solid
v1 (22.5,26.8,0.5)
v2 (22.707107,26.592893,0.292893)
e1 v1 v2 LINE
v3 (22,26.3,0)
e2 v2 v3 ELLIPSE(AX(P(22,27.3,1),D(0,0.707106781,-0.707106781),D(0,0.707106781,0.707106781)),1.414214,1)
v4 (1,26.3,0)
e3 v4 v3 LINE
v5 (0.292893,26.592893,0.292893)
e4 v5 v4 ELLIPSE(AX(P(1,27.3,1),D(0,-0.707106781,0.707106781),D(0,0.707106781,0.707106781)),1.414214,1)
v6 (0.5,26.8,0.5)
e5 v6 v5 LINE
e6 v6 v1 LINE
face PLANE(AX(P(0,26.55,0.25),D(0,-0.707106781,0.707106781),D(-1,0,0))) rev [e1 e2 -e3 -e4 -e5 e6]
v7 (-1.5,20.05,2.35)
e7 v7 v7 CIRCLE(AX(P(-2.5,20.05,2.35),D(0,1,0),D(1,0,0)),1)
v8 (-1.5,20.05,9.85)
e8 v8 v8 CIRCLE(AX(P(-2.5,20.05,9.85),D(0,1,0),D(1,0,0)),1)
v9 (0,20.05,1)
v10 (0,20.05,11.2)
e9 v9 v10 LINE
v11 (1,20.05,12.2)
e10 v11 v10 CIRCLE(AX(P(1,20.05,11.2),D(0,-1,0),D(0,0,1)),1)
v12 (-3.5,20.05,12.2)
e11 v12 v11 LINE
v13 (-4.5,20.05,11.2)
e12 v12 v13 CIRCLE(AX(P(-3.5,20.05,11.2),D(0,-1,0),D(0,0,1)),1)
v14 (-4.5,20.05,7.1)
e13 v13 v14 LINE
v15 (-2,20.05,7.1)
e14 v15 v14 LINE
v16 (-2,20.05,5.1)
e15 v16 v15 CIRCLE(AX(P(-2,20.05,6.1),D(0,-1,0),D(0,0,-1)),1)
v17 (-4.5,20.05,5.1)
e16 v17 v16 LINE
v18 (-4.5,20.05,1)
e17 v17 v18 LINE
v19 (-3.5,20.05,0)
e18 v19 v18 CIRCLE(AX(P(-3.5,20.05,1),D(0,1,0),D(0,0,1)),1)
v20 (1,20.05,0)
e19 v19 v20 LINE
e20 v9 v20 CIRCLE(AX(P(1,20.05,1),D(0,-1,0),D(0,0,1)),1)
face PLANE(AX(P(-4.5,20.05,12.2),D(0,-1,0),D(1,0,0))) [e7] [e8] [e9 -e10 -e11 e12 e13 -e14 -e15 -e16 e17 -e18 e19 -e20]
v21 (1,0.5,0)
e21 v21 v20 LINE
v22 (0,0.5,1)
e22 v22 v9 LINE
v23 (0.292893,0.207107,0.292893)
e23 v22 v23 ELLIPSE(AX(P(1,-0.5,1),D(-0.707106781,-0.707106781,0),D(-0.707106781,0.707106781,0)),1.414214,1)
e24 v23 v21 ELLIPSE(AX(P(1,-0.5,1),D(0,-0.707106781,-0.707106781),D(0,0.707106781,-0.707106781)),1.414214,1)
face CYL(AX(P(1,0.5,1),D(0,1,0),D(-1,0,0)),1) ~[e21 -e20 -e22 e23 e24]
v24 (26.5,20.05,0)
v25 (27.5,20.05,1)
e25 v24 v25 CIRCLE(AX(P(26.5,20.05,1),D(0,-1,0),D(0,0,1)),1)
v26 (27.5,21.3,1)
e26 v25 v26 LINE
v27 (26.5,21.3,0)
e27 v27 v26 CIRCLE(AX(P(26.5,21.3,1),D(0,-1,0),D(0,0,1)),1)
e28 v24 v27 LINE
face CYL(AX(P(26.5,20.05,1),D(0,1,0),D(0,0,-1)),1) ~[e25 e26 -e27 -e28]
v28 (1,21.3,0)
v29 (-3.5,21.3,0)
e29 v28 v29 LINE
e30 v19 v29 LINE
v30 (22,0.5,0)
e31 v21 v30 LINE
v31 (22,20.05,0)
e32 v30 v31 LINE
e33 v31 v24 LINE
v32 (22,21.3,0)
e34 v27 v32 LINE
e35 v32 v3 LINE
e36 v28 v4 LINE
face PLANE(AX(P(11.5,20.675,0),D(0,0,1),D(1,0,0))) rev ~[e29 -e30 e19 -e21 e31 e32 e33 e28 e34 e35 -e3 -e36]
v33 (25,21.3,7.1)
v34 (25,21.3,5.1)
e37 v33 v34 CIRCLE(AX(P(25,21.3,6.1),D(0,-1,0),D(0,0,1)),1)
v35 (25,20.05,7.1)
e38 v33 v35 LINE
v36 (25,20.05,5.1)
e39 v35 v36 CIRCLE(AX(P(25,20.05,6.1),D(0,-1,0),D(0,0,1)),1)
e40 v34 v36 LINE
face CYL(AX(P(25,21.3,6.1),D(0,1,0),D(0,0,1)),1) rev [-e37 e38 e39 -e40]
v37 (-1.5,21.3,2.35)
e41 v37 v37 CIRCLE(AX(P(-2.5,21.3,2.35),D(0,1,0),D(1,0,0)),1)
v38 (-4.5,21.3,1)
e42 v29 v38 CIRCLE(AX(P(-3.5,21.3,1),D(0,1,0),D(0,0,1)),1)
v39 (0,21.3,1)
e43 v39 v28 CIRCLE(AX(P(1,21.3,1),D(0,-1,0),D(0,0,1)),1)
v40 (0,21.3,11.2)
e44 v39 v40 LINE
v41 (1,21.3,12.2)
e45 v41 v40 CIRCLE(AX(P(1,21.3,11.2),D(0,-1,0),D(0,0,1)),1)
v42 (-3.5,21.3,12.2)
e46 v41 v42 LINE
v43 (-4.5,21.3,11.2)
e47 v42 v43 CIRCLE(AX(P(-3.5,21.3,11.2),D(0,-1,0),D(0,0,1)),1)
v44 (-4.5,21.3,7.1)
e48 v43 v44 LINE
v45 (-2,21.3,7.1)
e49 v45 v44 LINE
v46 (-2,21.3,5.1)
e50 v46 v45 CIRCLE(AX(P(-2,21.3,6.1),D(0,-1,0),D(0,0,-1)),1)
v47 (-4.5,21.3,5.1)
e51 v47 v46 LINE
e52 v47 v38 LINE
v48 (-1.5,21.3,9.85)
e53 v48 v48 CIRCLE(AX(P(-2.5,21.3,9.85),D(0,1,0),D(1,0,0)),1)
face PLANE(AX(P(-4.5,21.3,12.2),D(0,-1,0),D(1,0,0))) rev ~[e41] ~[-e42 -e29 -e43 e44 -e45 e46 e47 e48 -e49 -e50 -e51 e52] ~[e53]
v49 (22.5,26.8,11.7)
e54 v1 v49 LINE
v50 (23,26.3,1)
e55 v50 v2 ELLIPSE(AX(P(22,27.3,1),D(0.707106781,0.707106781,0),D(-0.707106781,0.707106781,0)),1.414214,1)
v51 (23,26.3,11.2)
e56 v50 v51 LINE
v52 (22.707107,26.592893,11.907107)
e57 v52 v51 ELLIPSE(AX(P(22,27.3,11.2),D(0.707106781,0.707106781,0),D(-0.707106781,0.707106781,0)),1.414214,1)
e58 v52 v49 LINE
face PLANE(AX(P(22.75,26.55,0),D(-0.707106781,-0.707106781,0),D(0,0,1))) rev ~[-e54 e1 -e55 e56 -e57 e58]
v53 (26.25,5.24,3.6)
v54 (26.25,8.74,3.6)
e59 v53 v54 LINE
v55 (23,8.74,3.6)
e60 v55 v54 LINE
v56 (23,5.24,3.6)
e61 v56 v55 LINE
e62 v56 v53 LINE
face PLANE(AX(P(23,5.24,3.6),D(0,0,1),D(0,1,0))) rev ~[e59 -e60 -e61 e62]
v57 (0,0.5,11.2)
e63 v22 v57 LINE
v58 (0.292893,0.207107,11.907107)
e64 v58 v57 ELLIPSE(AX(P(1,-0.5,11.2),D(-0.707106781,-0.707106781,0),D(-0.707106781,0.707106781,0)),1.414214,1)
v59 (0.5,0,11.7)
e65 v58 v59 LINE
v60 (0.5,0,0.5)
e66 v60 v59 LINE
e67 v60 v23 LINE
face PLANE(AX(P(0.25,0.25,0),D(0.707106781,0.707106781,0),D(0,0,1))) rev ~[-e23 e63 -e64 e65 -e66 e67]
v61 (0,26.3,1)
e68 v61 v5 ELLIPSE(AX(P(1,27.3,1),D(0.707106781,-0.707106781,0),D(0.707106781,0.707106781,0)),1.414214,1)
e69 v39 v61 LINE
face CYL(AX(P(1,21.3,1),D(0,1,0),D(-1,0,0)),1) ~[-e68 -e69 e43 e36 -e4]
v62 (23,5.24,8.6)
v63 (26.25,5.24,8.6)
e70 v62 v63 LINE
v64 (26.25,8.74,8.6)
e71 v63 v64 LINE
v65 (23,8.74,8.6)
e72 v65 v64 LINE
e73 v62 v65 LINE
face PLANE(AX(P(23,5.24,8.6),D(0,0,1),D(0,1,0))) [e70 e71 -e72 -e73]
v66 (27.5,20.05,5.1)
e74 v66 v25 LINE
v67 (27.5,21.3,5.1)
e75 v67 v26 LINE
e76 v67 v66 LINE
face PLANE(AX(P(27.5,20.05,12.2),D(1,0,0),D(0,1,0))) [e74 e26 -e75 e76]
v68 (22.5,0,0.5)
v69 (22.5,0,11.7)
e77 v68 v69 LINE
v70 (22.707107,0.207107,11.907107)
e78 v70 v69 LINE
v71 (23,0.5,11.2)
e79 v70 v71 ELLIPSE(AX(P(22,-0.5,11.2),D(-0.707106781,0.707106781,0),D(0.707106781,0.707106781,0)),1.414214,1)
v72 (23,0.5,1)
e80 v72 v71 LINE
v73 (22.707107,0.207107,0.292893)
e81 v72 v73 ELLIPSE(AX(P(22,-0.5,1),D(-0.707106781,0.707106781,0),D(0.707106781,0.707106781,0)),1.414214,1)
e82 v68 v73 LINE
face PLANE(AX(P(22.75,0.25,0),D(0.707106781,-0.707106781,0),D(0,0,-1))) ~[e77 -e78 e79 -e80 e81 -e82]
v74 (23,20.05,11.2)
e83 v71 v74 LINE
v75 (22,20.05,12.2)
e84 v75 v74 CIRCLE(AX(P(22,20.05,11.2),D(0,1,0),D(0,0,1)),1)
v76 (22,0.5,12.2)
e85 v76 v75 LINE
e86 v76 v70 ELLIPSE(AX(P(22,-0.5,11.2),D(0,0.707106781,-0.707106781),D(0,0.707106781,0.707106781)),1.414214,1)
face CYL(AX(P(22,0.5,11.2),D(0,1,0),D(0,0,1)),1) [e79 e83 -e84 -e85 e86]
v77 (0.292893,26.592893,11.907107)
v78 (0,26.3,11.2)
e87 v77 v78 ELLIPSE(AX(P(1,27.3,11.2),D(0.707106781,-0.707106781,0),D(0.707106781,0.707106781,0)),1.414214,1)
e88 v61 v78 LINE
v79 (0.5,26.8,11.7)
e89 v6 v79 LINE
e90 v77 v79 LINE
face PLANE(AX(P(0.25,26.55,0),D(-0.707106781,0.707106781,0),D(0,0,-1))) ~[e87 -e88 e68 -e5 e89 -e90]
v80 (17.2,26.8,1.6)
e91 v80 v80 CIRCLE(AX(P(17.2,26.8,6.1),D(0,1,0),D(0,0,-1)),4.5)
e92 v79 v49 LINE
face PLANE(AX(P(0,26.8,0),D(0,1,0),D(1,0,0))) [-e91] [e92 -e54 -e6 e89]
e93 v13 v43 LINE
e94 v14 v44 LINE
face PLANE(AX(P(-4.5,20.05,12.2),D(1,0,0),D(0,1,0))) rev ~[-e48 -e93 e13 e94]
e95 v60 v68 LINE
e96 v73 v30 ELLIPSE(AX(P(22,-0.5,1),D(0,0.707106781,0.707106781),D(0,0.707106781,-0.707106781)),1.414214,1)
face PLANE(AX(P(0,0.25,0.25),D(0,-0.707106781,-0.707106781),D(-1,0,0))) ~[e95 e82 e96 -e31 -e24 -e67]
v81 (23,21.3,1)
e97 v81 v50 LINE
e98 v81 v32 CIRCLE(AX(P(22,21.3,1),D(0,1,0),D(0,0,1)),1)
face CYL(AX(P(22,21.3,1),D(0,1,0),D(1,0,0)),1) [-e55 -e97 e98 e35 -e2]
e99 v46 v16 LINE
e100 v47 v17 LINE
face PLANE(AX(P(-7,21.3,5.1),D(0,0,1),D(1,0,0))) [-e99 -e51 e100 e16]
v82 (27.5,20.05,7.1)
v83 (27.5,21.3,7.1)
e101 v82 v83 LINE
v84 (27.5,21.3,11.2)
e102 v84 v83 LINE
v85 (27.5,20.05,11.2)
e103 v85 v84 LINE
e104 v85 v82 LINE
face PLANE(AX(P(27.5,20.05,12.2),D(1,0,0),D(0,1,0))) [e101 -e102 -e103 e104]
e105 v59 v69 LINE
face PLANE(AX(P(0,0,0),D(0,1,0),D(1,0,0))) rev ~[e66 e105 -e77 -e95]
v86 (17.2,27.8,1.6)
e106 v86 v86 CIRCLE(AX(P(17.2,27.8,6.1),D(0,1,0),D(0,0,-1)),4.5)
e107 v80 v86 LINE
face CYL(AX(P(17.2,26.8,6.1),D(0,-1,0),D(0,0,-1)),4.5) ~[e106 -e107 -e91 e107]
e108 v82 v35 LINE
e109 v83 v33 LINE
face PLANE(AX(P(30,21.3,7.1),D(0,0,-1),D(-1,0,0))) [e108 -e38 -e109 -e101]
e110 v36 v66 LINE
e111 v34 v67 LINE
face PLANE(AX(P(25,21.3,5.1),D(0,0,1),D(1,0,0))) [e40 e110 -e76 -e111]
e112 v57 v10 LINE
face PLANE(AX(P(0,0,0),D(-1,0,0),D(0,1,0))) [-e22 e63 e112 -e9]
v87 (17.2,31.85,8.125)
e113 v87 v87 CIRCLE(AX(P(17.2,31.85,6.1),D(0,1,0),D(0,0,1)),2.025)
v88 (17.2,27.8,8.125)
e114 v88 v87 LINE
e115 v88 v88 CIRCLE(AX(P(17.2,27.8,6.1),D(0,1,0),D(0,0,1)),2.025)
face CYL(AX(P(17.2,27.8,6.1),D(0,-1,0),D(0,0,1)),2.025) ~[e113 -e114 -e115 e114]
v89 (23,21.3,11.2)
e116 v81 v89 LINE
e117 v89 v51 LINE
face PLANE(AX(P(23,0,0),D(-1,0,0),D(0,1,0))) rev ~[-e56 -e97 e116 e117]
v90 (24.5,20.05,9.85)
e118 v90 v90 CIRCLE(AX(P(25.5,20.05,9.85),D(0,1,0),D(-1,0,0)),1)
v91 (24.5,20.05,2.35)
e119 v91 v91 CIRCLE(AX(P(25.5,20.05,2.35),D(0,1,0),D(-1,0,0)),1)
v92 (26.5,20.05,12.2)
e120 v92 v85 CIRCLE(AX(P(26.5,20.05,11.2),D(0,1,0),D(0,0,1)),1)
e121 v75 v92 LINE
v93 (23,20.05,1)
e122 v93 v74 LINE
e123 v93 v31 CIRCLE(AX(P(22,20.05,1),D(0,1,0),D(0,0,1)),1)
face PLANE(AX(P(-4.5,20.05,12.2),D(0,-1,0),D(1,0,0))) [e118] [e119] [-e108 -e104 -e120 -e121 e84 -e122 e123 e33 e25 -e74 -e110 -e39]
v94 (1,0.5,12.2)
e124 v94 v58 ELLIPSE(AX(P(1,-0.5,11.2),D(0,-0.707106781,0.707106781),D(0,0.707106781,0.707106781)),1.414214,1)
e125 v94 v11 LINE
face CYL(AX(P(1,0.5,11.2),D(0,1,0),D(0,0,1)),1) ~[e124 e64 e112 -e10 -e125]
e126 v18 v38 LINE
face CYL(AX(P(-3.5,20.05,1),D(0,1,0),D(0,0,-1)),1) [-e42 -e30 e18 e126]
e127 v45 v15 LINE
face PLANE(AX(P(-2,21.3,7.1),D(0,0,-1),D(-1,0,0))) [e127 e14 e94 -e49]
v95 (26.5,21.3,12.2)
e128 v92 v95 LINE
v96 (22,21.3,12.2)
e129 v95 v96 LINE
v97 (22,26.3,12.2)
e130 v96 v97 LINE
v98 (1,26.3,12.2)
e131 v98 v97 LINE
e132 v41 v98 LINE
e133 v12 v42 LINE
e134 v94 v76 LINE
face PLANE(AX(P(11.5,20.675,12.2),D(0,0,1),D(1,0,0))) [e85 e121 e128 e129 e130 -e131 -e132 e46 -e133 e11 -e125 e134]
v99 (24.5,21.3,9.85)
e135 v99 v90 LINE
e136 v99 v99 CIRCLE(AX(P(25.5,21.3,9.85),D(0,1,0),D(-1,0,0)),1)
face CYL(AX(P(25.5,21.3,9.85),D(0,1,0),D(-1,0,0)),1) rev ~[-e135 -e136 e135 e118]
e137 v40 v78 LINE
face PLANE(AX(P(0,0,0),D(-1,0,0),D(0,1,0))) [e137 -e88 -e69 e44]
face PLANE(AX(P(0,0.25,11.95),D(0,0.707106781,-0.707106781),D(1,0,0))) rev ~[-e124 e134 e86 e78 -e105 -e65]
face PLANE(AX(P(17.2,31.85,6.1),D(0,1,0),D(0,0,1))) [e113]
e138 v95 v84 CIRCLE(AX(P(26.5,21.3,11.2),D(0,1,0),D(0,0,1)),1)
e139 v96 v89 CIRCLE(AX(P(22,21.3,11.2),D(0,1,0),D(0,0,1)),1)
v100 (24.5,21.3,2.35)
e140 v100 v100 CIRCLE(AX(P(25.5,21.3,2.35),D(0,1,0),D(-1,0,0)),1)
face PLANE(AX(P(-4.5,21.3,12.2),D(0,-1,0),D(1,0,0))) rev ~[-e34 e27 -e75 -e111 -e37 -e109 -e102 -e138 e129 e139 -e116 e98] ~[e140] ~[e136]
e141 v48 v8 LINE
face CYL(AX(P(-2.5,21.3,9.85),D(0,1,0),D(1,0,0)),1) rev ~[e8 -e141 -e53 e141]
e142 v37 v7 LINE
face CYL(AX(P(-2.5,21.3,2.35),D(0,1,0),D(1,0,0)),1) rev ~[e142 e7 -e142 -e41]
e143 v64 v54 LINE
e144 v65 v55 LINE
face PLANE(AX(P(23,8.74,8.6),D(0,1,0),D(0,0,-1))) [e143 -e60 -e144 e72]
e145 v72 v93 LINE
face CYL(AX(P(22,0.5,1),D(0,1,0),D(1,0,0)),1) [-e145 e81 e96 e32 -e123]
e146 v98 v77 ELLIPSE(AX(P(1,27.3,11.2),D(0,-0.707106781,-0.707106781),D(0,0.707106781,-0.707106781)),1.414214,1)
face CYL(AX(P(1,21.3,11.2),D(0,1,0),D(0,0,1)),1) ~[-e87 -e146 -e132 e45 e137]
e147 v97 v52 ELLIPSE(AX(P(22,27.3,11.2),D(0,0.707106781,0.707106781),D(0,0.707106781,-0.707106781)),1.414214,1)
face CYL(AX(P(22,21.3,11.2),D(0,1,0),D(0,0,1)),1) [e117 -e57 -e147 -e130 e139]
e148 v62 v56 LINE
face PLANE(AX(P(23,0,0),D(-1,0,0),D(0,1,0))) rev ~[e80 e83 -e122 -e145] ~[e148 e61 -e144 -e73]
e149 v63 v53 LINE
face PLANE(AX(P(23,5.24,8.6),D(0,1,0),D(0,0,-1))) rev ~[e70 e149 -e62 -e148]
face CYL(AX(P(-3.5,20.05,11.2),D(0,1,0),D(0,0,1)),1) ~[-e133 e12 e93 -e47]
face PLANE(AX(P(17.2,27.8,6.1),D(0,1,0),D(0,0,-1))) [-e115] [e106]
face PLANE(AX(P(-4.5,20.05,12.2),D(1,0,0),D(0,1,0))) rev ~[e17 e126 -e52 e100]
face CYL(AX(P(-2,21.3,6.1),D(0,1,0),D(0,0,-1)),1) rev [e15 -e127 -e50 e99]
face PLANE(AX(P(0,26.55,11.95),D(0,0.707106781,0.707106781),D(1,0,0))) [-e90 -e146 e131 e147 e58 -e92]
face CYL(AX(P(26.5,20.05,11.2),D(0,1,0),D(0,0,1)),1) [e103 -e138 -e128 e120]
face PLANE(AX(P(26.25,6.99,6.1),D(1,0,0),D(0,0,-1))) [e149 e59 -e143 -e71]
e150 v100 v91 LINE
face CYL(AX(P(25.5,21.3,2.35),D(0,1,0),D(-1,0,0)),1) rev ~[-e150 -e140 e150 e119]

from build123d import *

# Parameters (mm, degrees)
ESQUISSE1_W             = 23
ESQUISSE1_H             = 26.8
BOSS_EXTRU_1_DEPTH      = 12.2
ESQUISSE2_W             = 32
ESQUISSE2_H             = 1.25
BOSS_EXTRU_2_DEPTH      = 12.2
ESQUISSE3_R             = 4.5
BOSS_EXTRU_3_DEPTH      = 1
ESQUISSE4_R             = 2.025
BOSS_EXTRU_4_DEPTH      = 4.05
ESQUISSE5_W             = 5
ESQUISSE5_H             = 3.5
BOSS_EXTRU_5_DEPTH      = 3.25
ESQUISSE7_R             = 1
ENL_V_MAT_EXTRU_1_DEPTH = 1.25
CHANFREIN1_SIZE         = 0.5
CONG_1_R                = 1
CONG_2_R                = 1


with BuildPart() as part:
    # Esquisse1 → Boss.-Extru.1 (new body)
    with BuildSketch(Plane.XY):
        with Locations((11.5, 13.4)):
            Rectangle(ESQUISSE1_W, ESQUISSE1_H)
    extrude(amount=BOSS_EXTRU_1_DEPTH)

    # Esquisse2 → Boss.-Extru.2 (add)
    with BuildSketch(Plane.XY.offset(12.2)):
        with Locations((11.5, 20.675)):
            Rectangle(ESQUISSE2_W, ESQUISSE2_H)
    extrude(amount=-BOSS_EXTRU_2_DEPTH)

    # Esquisse3 → Boss.-Extru.3 (add)
    with BuildSketch(Plane(origin=(0, 26.8, 0), x_dir=(1, 0, 0), z_dir=(0, 1, 0))):
        with Locations(Location((17.2, -6.1, 0), (0, 0, 90))):
            Circle(ESQUISSE3_R)
    extrude(amount=BOSS_EXTRU_3_DEPTH)

    # Esquisse4 → Boss.-Extru.4 (add)
    with BuildSketch(Plane(origin=(0, 27.8, 0), x_dir=(1, 0, 0), z_dir=(0, 1, 0))):
        with Locations(Location((17.2, -6.1, 0), (0, 0, 270))):
            Circle(ESQUISSE4_R)
    extrude(amount=BOSS_EXTRU_4_DEPTH)

    # Esquisse5 → Boss.-Extru.5 (add)
    with BuildSketch(Plane(origin=(23, 0, 0), x_dir=(0, 0, -1), z_dir=(1, 0, 0))):
        with Locations((-6.1, 6.99)):
            Rectangle(ESQUISSE5_W, ESQUISSE5_H)
    extrude(amount=BOSS_EXTRU_5_DEPTH)

    # Esquisse7 → Enlèv. mat.-Extru.1 (cut)
    with BuildSketch(Plane(origin=(0, 21.3, 0), x_dir=(1, 0, 0), z_dir=(0, 1, 0))):
        with Locations(Location((25.5, -2.35, 0), (0, 0, 180))):
            Circle(ESQUISSE7_R)
        with Locations(Location((25.5, -9.85, 0), (0, 0, 180))):
            Circle(ESQUISSE7_R)
        with Locations((-2.5, -9.85)):
            Circle(ESQUISSE7_R)
        with Locations((-2.5, -2.35)):
            Circle(ESQUISSE7_R)
        with BuildLine():
            Line((30, -7.1), (25, -7.1))
            ThreePointArc((25, -7.1), (24, -6.1), (25, -5.1))
            Line((25, -5.1), (30, -5.1))
            ThreePointArc((30, -5.1), (31, -6.1), (30, -7.1))
        make_face()
        with BuildLine():
            Line((-7, -5.1), (-2, -5.1))
            ThreePointArc((-2, -5.1), (-1, -6.1), (-2, -7.1))
            Line((-2, -7.1), (-7, -7.1))
            ThreePointArc((-7, -7.1), (-8, -6.1), (-7, -5.1))
        make_face()
    extrude(amount=-ENL_V_MAT_EXTRU_1_DEPTH, mode=Mode.SUBTRACT)

    # Chanfrein1
    chanfrein1_edges = [part.edges().sort_by_distance(p)[0] for p in [
        (11.5, 26.8, 12.2),
        (11.5, 26.8, 0),
        (11.5, 0, 0),
        (11.5, 0, 12.2),
        (0, 26.8, 6.1),
        (23, 26.8, 6.1),
        (23, 0, 6.1),
        (0, 0, 6.1),
    ]]
    chamfer(chanfrein1_edges, length=CHANFREIN1_SIZE)

    # Congé1
    cong_1_edges = [part.edges().sort_by_distance(p)[0] for p in [
        (23, 10.275, 12.2),
        (0, 10.275, 0),
        (23, 10.275, 0),
        (0, 23.8, 12.2),
        (23, 23.8, 0),
        (0, 23.8, 0),
        (0, 10.275, 12.2),
        (23, 23.8, 12.2),
        (23, 10.275, 0),
        (0, 10.275, 0),
        (23, 10.275, 12.2),
        (0, 10.275, 12.2),
        (0, 10.275, 0),
        (23, 10.275, 0),
        (23, 10.275, 12.2),
        (0, 10.275, 12.2),
    ]]
    fillet(cong_1_edges, radius=CONG_1_R)

    # Congé2
    cong_2_edges = [part.edges().sort_by_distance(p)[0] for p in [
        (-4.5, 20.675, 12.2),
        (27.5, 20.675, 12.2),
        (27.5, 20.675, 0),
        (-4.5, 20.675, 0),
    ]]
    fillet(cong_2_edges, radius=CONG_2_R)


solid = part.part
